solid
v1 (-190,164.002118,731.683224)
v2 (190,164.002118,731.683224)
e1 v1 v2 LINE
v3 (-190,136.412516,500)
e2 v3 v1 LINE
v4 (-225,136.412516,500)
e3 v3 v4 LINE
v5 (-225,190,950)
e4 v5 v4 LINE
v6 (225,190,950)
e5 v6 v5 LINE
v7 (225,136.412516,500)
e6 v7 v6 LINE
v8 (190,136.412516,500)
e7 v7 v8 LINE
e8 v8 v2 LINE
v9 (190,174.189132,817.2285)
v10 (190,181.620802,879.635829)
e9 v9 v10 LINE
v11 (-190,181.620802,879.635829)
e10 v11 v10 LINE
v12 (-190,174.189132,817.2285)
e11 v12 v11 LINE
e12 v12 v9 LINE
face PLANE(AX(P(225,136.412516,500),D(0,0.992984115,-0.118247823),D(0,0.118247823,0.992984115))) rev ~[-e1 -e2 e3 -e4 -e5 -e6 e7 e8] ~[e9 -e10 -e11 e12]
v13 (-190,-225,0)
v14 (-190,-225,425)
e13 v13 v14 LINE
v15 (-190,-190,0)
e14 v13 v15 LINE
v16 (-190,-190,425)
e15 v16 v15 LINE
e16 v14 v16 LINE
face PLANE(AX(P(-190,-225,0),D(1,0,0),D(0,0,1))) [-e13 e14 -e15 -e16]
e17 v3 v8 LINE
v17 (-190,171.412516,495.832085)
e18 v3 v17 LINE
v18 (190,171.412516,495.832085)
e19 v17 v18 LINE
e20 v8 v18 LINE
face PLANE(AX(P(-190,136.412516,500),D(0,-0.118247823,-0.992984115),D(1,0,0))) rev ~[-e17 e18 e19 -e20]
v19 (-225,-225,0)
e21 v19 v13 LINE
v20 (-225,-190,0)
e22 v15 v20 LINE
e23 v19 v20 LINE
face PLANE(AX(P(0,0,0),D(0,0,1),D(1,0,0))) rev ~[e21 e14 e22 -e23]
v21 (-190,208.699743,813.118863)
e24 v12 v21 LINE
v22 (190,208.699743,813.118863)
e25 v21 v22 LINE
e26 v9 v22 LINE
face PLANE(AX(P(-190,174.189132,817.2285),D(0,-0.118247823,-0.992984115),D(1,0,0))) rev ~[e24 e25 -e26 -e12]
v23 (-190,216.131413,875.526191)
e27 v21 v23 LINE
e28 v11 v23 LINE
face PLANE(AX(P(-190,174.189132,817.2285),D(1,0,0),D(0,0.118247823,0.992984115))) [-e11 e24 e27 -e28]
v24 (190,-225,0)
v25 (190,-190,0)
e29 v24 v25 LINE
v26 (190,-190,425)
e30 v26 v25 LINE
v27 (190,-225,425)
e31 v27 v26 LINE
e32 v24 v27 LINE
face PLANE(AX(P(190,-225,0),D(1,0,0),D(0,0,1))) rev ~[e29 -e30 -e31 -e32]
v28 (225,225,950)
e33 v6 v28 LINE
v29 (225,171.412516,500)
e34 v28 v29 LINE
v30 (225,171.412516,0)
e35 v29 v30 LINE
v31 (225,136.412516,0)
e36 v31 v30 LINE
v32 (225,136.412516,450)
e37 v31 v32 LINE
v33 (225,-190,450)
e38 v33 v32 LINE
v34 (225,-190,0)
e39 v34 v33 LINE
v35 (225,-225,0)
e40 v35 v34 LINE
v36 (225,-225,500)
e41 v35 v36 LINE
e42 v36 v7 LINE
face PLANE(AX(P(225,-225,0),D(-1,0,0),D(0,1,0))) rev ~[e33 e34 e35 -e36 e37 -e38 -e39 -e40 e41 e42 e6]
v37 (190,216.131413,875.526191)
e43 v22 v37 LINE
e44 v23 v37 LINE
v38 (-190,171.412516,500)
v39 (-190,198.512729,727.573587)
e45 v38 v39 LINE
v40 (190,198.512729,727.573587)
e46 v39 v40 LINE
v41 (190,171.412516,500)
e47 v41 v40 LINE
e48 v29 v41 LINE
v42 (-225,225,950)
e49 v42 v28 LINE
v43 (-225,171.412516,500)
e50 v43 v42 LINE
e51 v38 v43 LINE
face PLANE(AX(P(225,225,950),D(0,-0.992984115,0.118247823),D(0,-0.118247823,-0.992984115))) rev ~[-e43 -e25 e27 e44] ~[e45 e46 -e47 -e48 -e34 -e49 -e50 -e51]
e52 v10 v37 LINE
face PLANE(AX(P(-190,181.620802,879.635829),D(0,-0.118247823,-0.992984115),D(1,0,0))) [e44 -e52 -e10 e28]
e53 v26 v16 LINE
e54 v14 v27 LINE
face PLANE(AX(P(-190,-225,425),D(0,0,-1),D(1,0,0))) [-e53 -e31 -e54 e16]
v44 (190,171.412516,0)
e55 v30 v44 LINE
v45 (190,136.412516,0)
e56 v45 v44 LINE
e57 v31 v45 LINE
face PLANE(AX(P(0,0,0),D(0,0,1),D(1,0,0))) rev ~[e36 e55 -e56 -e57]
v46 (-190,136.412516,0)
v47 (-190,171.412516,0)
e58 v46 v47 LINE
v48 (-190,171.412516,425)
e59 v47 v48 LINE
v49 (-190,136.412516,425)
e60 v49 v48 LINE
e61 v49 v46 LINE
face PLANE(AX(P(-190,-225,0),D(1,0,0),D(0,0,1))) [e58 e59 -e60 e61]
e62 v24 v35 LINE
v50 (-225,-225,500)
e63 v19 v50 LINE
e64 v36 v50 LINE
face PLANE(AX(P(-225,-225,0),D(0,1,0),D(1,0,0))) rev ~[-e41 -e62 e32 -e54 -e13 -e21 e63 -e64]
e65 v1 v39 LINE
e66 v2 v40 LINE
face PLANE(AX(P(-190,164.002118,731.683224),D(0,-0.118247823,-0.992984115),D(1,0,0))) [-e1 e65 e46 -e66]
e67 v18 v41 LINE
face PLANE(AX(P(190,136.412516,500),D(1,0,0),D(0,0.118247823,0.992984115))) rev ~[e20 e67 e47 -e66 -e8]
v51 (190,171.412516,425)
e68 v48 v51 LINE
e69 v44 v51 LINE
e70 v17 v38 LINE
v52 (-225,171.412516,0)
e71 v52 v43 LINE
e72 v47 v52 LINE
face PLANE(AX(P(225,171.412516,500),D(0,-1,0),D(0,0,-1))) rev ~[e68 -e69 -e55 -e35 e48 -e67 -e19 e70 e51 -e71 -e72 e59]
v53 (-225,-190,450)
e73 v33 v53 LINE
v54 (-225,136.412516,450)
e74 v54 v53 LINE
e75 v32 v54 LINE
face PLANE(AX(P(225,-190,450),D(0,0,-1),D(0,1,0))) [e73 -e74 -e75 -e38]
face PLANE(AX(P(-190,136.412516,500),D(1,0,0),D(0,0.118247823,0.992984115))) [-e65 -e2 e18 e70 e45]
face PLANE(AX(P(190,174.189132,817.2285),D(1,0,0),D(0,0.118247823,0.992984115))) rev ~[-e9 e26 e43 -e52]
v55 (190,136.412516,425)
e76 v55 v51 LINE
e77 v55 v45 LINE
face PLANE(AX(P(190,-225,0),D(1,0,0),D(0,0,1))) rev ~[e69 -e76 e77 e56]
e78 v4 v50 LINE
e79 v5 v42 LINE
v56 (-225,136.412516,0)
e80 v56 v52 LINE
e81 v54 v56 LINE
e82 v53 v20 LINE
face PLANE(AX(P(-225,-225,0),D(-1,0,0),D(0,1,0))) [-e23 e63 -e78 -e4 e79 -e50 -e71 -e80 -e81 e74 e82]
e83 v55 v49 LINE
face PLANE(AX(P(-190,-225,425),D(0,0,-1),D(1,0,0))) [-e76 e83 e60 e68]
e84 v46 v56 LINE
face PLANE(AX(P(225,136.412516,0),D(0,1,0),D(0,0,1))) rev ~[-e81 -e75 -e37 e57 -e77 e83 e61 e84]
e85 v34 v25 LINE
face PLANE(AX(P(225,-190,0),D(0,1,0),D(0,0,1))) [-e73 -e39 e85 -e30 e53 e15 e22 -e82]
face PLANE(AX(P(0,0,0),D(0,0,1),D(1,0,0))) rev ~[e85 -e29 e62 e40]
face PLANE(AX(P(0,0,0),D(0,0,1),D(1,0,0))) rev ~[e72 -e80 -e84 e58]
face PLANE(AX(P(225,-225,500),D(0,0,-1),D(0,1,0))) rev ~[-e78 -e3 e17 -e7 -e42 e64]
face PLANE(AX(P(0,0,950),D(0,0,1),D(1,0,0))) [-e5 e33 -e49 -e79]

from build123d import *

# Parameters (mm, degrees)
F0_W     = 450
F0_H     = 450
F1_DEPTH = 950
F2_W     = 53.5874837637
F2_H     = 50
F2_H_2   = 450
F2_W_2   = 326.4125162363
F3_DEPTH = 450.001
F4_W     = 380
F4_H     = 425
F5_DEPTH = 450.001
F6_W     = 380
F6_H     = 233.320171364
F6_H_2   = 62.848264869
F7_DEPTH = 147.0908754191


with BuildPart() as f1:
    # F0 (on Top) → F1 (new body)
    with BuildSketch(Plane.XY):
        Rectangle(F0_W, F0_H)
    extrude(amount=F1_DEPTH)

    # F2 (on face) → F3 (cut, through all)
    with BuildSketch(Plane.YZ.offset(225)):
        Polygon((-225, 950), (-225, 500), (136.4125162363, 500), (190, 950), align=None)
        Polygon((225, 950), (171.4125162363, 500), (225, 500), align=None)
        with Locations((198.2062581182, 475)):
            Rectangle(F2_W, F2_H)
        with Locations((198.2062581182, 225)):
            Rectangle(F2_W, F2_H_2)
        with Locations((-26.7937418818, 225)):
            Rectangle(F2_W_2, F2_H_2)
    extrude(amount=-F3_DEPTH, mode=Mode.SUBTRACT)

    # F4 (on face) → F5 (cut, through all)
    with BuildSketch(Plane.XZ.offset(225)):
        with Locations((0, 212.5)):
            Rectangle(F4_W, F4_H)
    extrude(amount=-F5_DEPTH, mode=Mode.SUBTRACT)

    # F6 (on face) → F7 (cut, through all)
    with BuildSketch(Plane(origin=(0, 75.7960170498, -9.0260396289), x_dir=(1, 0, 0), z_dir=(0, -0.9929841149, 0.1182478225))):
        with Locations((0, 629.2826261481)):
            Rectangle(F6_W, F6_H)
        with Locations((0, 863.5165368001)):
            Rectangle(F6_W, F6_H_2)
    extrude(amount=-F7_DEPTH, mode=Mode.SUBTRACT)


solid = f1.part
